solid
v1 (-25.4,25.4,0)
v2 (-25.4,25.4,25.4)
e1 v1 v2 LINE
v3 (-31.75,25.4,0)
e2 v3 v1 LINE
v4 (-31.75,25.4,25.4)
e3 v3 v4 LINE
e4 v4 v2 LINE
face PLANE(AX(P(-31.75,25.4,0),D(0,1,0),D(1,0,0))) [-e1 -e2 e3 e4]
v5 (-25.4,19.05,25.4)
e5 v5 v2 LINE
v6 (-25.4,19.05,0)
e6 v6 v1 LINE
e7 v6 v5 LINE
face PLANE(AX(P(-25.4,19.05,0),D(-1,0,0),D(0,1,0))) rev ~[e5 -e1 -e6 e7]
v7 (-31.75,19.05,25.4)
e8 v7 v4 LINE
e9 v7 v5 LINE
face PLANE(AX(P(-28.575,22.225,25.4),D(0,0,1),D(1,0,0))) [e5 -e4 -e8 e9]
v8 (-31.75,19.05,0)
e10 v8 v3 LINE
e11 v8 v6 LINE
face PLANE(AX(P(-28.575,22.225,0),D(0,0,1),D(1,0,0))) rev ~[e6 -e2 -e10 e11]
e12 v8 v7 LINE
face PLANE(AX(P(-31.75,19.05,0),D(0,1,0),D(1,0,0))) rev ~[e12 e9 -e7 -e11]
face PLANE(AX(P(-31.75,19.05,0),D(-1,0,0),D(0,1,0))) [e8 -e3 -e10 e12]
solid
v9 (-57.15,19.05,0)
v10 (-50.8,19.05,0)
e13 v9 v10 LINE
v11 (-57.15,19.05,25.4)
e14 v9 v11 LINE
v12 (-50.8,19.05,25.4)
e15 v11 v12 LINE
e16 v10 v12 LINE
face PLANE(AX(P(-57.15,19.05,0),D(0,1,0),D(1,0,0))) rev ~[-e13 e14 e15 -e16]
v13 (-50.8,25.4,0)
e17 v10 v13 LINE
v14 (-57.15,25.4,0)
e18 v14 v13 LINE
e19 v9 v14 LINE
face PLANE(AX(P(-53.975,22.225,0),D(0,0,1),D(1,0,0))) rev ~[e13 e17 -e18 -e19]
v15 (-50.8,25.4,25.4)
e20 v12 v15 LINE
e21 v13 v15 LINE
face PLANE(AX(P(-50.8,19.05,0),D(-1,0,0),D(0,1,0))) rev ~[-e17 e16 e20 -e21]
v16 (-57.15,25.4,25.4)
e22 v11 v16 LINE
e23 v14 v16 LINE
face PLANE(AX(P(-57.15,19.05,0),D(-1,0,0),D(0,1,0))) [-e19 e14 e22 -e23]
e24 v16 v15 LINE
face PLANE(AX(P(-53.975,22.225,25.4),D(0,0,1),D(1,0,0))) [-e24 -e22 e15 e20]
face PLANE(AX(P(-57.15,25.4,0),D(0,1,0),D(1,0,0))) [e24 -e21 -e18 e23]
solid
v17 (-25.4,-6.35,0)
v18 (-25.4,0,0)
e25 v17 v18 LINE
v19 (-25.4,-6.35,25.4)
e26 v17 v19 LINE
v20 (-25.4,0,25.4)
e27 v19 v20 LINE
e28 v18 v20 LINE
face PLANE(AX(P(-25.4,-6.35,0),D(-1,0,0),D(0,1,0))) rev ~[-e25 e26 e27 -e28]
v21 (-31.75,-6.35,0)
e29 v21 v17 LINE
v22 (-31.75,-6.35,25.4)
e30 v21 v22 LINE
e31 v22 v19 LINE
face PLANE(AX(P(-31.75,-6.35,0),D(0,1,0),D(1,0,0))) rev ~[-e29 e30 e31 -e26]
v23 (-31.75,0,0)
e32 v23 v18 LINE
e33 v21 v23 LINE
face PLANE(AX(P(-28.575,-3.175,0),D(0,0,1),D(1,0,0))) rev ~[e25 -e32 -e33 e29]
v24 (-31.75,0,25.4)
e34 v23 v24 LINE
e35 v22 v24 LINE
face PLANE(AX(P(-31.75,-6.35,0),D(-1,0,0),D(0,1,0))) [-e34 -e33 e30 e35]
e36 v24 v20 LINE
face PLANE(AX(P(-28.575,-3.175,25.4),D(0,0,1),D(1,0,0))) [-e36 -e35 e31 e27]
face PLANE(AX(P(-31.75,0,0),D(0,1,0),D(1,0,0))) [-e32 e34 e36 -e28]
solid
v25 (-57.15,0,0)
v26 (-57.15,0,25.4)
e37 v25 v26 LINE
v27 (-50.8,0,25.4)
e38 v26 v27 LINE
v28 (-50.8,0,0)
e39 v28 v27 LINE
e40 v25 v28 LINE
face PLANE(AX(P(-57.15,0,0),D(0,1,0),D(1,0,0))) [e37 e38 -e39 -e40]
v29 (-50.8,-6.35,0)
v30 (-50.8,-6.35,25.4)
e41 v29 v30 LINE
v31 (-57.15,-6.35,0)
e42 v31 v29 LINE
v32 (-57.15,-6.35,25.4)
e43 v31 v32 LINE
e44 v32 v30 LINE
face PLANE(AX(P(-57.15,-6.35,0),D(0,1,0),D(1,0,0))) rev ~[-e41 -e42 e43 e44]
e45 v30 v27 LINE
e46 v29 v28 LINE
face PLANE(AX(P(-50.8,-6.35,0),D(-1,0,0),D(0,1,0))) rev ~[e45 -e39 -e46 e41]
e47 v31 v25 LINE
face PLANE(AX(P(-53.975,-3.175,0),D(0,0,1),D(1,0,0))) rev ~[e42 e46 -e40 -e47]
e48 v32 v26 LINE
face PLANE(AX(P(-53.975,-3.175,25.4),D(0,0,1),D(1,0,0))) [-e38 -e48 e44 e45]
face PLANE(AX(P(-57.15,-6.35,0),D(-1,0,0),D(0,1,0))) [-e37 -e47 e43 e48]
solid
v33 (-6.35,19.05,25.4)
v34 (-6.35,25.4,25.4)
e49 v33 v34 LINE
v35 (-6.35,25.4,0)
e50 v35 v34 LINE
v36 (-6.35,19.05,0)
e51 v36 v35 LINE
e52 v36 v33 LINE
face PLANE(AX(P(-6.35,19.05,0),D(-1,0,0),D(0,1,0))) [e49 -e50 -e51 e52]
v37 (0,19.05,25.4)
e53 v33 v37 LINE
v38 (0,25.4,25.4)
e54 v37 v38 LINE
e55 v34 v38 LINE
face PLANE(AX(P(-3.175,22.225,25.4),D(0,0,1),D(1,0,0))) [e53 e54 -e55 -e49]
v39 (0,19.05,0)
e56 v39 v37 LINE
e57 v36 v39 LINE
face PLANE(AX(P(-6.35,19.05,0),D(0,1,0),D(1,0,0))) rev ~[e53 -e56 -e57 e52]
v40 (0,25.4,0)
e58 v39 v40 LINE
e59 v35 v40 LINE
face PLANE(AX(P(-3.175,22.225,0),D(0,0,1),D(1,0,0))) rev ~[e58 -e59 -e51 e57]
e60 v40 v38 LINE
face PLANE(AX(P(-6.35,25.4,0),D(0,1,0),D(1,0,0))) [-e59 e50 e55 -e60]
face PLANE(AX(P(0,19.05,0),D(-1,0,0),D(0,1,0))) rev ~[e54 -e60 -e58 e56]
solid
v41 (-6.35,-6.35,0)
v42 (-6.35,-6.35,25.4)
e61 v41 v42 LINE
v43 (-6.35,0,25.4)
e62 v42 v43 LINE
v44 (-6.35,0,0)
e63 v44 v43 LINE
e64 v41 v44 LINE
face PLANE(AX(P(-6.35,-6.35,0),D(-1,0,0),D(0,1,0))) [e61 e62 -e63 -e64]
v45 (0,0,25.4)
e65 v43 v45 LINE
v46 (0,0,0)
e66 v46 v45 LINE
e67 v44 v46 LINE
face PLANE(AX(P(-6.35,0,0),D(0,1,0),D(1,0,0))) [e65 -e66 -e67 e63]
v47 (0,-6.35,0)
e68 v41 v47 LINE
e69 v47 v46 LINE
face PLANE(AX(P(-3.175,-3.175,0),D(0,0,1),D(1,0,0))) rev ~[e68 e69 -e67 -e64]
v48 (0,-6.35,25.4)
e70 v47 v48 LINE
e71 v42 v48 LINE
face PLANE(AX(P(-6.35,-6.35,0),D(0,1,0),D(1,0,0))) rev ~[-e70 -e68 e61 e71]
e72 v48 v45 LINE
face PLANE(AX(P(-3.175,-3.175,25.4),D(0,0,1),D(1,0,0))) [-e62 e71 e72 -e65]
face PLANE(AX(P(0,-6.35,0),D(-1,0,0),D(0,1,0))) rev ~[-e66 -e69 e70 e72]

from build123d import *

# Parameters (mm, degrees)
F0_W     = 6.35
F0_H     = 6.35
F1_DEPTH = 25.4


with BuildPart() as f1:
    # F0 (on Top) → F1 (new body)
    with BuildSketch(Plane.XY):
        with Locations((-3.175, -3.175)):
            Rectangle(F0_W, F0_H)
        with Locations((-53.975, -3.175)):
            Rectangle(F0_W, F0_H)
        with Locations((-28.575, -3.175)):
            Rectangle(F0_W, F0_H)
        with Locations((-53.975, 22.225)):
            Rectangle(F0_W, F0_H)
        with Locations((-28.575, 22.225)):
            Rectangle(F0_W, F0_H)
        with Locations((-3.175, 22.225)):
            Rectangle(F0_W, F0_H)
    extrude(amount=F1_DEPTH)


solid = f1.part
